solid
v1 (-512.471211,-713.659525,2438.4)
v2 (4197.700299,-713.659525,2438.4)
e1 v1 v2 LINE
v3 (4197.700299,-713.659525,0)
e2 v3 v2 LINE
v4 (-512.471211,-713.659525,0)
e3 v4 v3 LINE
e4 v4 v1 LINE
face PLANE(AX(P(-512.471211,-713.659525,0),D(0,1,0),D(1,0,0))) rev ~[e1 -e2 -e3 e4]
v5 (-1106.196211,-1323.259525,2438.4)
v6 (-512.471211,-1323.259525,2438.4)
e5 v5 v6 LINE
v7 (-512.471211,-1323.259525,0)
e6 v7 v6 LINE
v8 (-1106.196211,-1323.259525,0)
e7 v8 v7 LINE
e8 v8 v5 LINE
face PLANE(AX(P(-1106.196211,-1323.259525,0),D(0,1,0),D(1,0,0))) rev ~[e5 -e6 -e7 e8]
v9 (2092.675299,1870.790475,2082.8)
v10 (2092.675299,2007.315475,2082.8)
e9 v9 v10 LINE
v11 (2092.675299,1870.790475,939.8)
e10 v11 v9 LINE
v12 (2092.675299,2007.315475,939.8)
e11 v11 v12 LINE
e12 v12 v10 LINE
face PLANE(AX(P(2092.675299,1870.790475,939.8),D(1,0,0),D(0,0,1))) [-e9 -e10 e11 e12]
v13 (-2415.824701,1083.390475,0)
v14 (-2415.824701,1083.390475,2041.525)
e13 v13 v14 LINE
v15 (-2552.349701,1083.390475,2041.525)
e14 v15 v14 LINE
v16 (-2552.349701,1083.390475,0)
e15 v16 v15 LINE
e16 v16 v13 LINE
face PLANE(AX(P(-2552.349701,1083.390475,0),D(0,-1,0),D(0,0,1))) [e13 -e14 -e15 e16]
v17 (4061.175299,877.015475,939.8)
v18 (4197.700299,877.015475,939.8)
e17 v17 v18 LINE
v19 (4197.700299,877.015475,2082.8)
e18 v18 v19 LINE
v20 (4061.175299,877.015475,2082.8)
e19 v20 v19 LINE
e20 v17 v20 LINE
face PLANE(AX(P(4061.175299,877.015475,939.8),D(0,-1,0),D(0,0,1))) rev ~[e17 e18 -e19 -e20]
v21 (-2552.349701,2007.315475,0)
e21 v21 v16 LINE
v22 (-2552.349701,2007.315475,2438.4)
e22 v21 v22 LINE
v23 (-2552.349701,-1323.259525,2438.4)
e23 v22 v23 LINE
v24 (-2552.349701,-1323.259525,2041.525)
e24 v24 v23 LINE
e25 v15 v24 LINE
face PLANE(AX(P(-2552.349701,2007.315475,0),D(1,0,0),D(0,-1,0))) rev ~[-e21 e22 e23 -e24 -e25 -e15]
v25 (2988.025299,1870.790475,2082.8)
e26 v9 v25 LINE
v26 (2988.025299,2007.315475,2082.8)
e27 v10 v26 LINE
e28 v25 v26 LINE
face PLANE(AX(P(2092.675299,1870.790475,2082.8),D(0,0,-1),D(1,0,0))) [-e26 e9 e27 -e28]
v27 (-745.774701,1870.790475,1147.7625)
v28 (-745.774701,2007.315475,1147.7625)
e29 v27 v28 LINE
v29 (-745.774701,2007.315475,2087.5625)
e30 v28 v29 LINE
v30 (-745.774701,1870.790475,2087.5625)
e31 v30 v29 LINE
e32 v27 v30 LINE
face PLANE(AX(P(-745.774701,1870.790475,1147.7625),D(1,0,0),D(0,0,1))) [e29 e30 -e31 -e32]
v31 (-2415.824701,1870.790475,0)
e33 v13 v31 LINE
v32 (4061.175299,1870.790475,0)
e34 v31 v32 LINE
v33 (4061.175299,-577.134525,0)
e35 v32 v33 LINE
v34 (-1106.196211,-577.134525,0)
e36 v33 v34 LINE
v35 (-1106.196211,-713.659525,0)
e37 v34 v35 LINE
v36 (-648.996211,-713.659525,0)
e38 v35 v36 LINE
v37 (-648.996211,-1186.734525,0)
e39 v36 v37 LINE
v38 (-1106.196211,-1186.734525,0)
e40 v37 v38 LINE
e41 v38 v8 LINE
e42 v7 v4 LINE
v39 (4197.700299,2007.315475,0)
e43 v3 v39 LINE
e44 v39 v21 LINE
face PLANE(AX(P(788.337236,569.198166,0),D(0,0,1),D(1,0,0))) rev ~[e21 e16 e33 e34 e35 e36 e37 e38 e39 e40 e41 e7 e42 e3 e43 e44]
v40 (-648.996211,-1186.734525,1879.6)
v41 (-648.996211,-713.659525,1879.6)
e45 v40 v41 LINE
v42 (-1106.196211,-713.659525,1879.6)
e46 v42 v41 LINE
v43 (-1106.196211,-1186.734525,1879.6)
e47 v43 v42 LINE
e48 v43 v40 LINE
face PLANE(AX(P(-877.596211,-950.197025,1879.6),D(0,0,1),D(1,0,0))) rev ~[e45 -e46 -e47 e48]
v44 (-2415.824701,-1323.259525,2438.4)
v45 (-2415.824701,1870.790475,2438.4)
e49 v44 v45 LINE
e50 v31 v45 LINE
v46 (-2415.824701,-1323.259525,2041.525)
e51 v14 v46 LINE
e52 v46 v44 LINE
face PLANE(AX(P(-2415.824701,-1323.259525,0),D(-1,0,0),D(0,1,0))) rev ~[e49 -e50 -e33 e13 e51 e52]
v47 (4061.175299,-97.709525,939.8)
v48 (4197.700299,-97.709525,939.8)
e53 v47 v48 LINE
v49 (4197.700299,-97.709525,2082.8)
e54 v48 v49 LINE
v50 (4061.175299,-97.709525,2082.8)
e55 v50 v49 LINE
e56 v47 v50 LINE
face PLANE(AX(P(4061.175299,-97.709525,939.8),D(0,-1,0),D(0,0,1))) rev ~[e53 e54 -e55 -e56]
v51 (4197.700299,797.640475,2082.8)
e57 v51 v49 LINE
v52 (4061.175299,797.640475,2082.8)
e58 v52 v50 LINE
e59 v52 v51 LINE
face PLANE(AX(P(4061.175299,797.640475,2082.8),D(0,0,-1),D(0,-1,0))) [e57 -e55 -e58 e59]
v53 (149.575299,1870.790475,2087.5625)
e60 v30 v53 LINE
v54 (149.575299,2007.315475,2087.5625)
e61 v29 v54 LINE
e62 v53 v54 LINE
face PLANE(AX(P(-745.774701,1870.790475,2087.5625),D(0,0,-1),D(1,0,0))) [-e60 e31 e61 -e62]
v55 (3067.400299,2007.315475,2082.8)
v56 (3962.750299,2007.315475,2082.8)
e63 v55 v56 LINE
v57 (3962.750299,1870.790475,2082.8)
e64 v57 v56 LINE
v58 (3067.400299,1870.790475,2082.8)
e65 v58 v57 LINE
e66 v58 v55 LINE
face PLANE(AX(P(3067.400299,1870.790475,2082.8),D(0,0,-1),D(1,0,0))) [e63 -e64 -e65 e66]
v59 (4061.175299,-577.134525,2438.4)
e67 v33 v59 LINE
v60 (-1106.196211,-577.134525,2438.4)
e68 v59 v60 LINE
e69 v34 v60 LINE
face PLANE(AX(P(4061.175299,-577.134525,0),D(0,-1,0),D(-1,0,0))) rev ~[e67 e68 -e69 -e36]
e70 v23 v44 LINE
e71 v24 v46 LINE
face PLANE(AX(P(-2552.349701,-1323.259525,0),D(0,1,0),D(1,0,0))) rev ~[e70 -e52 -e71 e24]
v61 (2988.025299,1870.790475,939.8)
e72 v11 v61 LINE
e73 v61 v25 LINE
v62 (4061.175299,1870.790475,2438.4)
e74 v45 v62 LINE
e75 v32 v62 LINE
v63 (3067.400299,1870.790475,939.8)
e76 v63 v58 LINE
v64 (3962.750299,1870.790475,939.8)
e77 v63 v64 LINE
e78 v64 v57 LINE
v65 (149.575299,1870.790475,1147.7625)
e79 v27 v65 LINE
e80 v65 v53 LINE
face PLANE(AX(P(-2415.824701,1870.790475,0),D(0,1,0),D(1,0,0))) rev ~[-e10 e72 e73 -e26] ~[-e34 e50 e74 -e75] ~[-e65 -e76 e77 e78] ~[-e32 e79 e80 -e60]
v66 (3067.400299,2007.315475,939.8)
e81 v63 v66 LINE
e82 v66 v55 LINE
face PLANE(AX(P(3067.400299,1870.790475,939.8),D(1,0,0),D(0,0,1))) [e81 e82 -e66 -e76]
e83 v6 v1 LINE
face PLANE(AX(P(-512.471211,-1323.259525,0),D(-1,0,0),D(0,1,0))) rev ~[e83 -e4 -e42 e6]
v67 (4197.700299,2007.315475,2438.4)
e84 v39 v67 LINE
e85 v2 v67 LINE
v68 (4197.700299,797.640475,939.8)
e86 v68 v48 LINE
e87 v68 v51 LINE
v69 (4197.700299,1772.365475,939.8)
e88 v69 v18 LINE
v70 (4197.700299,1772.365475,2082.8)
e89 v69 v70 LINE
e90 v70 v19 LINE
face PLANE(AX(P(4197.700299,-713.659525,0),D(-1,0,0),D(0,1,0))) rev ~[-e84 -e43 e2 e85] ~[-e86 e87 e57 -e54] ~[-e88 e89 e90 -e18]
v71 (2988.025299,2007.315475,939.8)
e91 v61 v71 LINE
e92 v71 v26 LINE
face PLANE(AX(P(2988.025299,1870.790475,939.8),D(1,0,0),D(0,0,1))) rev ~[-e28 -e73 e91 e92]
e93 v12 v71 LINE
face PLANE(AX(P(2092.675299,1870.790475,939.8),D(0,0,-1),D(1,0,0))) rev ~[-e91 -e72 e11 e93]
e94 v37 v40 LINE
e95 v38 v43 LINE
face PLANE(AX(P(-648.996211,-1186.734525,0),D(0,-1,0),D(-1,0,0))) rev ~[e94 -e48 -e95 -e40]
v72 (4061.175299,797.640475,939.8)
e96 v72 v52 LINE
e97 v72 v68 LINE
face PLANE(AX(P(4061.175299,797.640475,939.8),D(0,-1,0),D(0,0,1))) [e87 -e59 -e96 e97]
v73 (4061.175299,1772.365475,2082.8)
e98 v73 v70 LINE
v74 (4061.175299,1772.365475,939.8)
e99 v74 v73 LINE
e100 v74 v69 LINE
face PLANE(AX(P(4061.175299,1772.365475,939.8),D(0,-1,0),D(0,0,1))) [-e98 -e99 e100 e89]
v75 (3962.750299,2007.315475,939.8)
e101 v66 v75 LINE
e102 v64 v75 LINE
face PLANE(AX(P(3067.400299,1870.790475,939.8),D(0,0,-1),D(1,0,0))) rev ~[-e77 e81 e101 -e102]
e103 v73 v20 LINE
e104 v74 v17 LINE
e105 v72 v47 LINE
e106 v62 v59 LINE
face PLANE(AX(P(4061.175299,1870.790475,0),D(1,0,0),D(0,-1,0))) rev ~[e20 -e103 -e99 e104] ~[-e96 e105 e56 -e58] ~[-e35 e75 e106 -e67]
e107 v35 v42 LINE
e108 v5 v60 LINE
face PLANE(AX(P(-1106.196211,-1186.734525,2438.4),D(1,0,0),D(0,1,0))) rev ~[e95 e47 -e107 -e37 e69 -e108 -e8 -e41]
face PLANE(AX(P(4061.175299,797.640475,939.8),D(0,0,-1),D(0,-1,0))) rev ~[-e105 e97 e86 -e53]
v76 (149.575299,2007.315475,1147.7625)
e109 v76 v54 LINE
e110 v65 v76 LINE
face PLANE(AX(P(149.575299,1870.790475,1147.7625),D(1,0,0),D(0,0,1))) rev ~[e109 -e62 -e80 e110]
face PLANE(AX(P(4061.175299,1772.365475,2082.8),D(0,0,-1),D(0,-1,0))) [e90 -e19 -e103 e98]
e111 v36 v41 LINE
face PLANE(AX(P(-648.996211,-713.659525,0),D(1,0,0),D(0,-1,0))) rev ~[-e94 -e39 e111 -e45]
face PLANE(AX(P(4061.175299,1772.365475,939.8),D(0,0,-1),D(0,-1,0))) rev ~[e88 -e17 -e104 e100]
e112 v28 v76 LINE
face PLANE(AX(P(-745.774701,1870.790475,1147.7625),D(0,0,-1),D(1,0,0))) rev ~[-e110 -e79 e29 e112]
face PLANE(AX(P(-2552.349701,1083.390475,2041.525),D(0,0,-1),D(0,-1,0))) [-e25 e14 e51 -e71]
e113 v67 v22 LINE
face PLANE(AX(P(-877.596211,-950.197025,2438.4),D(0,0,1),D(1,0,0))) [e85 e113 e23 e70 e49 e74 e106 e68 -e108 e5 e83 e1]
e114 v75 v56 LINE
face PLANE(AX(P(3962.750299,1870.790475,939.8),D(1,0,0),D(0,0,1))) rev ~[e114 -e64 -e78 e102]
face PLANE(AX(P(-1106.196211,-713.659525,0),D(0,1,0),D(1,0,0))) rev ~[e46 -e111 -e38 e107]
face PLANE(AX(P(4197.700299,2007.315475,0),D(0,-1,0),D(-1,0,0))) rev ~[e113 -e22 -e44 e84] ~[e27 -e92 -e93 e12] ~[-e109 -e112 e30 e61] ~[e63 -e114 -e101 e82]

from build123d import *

# Parameters (mm, degrees)
F1_DEPTH = 2438.4
F2_W     = 895.35
F2_H     = 939.8
F2_H_2   = 1143
F3_DEPTH = 136.525
F4_W     = 895.35
F4_H     = 1143
F5_DEPTH = 136.525
F6_W     = 2406.65
F6_H     = 2041.525
F7_DEPTH = 136.525
F8_W     = 457.2
F8_H     = 473.075
F9_DEPTH = 558.8


with BuildPart() as f1:
    # F0 (on Top) → F1 (new body)
    with BuildSketch(Plane.XY):
        Polygon((-2415.824701, -1323.259525), (-2415.824701, 1870.790475), (4061.175299, 1870.790475), (4061.175299, -577.134525), (-1106.196211, -577.134525), (-1106.196211, -713.659525), (-648.996211, -713.659525), (-648.996211, -1186.734525), (-1106.196211, -1186.734525), (-1106.196211, -1323.259525), (-512.471211, -1323.259525), (-512.471211, -713.659525), (4197.700299, -713.659525), (4197.700299, 2007.315475), (-2552.349701, 2007.315475), (-2552.349701, -1323.259525), align=None)
    extrude(amount=F1_DEPTH)

    # F2 (on face) → F3 (cut, through all)
    with BuildSketch(Plane.XZ.offset(-1870.790475)):
        with Locations((-298.099701, 1617.6625)):
            Rectangle(F2_W, F2_H)
        with Locations((2540.350299, 1511.3)):
            Rectangle(F2_W, F2_H_2)
        with Locations((3515.075299, 1511.3)):
            Rectangle(F2_W, F2_H_2)
    extrude(amount=-F3_DEPTH, mode=Mode.SUBTRACT)

    # F4 (on face) → F5 (cut, through all)
    with BuildSketch(Plane(origin=(4061.175299, 0, 0), x_dir=(0, -1, 0), z_dir=(-1, 0, 0))):
        with Locations((-1324.690475, 1511.3)):
            Rectangle(F4_W, F4_H)
        with Locations((-349.965475, 1511.3)):
            Rectangle(F4_W, F4_H)
    extrude(amount=-F5_DEPTH, mode=Mode.SUBTRACT)

    # F6 (on face) → F7 (cut, through all)
    with BuildSketch(Plane(origin=(-2552.349701, 0, 0), x_dir=(0, -1, 0), z_dir=(-1, 0, 0))):
        with Locations((119.934525, 1020.7625)):
            Rectangle(F6_W, F6_H)
    extrude(amount=-F7_DEPTH, mode=Mode.SUBTRACT)

    # F8 (on face) → F9 (join)
    with BuildSketch(Plane.XY.offset(2438.4)):
        with Locations((-877.596211, -950.197025)):
            Rectangle(F8_W, F8_H)
    extrude(amount=-F9_DEPTH)


solid = f1.part
